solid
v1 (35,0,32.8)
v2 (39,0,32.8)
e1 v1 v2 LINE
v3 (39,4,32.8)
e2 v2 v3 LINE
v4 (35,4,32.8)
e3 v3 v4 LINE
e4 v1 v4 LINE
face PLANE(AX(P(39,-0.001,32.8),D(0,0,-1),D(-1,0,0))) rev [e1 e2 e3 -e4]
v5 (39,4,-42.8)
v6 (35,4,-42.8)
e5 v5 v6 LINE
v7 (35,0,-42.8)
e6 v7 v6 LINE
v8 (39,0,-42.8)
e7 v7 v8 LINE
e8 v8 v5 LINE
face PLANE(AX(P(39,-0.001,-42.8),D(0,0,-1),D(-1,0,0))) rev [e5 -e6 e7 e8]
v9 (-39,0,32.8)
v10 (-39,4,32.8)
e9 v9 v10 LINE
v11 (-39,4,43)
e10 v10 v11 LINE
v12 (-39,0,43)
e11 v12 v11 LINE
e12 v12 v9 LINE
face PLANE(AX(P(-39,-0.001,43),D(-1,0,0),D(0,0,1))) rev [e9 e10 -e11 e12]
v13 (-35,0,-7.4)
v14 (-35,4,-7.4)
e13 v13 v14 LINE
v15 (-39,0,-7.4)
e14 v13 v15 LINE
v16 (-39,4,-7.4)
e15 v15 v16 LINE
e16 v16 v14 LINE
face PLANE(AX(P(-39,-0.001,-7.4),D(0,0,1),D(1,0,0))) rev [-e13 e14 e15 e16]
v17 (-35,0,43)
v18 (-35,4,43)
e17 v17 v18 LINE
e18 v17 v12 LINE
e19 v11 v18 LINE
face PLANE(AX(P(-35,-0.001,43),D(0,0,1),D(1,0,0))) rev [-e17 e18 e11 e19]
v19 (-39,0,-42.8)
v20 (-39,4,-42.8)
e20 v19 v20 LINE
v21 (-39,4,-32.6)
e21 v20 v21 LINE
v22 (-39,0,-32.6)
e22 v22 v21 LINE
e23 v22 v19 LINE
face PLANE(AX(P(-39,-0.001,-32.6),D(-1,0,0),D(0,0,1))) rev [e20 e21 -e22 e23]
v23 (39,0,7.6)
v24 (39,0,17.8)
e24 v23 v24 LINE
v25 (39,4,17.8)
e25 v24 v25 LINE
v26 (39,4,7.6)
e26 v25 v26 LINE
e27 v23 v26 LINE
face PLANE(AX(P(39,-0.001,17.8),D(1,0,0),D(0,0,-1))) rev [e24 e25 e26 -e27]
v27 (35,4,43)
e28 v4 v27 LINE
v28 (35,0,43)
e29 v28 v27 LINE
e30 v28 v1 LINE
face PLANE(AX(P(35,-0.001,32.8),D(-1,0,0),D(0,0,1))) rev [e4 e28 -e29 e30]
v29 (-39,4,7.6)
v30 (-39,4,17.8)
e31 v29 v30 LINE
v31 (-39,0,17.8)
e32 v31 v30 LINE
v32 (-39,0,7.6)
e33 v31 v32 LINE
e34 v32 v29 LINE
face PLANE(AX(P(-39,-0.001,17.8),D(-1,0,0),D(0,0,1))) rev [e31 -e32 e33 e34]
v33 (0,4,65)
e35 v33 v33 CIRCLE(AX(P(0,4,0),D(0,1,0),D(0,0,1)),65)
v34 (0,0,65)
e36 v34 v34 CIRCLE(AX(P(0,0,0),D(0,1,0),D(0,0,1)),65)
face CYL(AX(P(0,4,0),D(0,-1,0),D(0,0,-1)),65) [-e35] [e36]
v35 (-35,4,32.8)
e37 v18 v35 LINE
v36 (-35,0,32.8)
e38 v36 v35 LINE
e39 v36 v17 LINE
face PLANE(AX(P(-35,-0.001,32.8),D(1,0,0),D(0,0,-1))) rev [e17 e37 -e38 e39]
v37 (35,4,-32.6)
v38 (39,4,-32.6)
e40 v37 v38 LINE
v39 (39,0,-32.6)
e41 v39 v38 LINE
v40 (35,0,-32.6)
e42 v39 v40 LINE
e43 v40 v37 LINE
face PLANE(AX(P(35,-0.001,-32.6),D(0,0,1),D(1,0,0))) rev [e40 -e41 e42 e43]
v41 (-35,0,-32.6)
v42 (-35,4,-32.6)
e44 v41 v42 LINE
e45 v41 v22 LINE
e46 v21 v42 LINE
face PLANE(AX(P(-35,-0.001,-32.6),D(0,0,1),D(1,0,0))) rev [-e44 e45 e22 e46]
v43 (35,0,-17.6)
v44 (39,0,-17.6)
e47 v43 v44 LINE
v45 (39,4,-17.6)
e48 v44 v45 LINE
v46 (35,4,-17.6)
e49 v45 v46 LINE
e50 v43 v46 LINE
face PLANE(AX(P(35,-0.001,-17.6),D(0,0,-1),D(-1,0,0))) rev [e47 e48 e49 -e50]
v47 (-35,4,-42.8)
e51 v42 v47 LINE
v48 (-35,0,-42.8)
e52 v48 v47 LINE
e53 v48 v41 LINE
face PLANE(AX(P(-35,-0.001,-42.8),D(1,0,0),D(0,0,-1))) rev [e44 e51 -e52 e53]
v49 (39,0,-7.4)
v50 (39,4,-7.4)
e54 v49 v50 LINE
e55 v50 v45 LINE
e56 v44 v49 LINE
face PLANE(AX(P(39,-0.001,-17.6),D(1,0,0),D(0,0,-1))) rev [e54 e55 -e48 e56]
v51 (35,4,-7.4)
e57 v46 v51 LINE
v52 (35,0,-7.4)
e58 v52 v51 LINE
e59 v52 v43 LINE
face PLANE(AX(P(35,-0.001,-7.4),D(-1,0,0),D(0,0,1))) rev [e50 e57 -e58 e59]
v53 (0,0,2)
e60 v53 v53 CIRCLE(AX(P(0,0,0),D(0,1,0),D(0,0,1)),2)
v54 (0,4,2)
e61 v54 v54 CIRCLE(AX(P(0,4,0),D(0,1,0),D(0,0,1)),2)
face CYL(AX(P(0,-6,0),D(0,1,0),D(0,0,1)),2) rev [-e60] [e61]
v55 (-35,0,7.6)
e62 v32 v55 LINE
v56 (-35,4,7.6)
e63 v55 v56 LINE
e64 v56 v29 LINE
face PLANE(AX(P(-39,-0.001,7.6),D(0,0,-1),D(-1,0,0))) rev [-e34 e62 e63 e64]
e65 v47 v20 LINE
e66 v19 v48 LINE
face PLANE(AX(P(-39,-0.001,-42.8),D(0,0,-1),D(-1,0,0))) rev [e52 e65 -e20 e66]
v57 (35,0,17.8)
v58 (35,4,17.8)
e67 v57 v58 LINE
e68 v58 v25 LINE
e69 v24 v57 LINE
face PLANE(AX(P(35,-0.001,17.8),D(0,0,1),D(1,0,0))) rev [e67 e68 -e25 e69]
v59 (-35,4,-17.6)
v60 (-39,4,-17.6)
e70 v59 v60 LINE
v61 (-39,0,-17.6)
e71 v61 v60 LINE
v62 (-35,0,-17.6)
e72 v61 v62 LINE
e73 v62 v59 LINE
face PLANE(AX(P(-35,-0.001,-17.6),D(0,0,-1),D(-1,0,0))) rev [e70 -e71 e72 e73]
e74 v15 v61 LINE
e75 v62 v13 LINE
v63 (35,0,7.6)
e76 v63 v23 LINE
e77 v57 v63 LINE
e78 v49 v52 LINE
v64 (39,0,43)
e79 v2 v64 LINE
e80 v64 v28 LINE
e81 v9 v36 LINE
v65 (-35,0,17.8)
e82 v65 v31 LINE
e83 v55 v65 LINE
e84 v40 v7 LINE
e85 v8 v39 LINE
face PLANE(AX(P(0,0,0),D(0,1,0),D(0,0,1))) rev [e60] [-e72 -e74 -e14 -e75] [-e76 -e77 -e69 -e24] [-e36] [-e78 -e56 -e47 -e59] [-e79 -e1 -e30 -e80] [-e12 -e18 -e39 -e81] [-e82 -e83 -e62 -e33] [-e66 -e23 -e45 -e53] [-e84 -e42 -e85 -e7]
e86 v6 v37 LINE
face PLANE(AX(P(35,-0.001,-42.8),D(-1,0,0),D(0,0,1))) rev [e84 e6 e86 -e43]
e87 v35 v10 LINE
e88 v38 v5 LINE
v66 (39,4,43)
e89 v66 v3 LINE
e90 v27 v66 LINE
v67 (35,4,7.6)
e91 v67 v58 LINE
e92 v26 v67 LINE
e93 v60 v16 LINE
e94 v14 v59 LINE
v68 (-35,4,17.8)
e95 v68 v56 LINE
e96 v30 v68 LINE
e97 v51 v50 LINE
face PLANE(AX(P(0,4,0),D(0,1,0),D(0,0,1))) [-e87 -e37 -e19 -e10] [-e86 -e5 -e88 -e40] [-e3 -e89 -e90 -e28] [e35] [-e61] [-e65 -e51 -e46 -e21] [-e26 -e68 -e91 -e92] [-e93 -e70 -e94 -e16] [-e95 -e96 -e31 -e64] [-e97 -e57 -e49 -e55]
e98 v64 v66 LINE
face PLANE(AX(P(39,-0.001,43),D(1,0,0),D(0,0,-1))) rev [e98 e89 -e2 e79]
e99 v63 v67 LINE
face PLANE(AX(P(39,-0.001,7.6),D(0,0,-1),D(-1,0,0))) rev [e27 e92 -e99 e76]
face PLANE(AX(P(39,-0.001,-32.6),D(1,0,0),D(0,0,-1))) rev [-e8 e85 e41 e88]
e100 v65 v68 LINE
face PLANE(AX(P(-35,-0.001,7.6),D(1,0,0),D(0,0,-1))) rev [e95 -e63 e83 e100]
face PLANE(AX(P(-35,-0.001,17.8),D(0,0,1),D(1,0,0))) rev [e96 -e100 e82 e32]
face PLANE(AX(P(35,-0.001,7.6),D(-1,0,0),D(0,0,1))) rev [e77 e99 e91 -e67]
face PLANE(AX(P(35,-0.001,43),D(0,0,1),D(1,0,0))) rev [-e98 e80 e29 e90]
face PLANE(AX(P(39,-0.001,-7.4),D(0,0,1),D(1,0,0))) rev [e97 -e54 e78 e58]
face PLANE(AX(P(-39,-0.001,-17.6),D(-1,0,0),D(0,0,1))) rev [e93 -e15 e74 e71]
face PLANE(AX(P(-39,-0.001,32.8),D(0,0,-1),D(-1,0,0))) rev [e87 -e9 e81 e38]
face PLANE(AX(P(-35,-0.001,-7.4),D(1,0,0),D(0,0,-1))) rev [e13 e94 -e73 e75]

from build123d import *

# Parameters (mm, degrees)
CROQUIS2_R              = 65
SALIENTE_EXTRUIR1_DEPTH = 4
CORTAR_EXTRUIR6_REACH   = 94.011
CROQUIS3_W              = 4
CROQUIS3_H              = 10.2
CROQUIS4_R              = 2
CORTAR_EXTRUIR7_DEPTH   = 10


with BuildPart() as part:
    # Croquis2 → Saliente-Extruir1 (new body)
    with BuildSketch(Plane(origin=(0, 0, 0), x_dir=(1, 0, 0), z_dir=(0, 1, 0))):
        with Locations(Location((0, 0, 0), (0, 0, 270))):
            Circle(CROQUIS2_R)
    extrude(amount=SALIENTE_EXTRUIR1_DEPTH)

    # Croquis3 → Cortar-Extruir6 (cut, up to next)
    with BuildSketch(Plane(origin=(0, 4, 0), x_dir=(1, 0, 0), z_dir=(0, 1, 0)), mode=Mode.PRIVATE) as cortar_extruir6_sk1:
        with Locations((-37, 12.5)):
            Rectangle(CROQUIS3_W, CROQUIS3_H)
    cortar_extruir6_tool1 = extrude(cortar_extruir6_sk1.sketch, amount=-CORTAR_EXTRUIR6_REACH, mode=Mode.PRIVATE) & part.part
    # Croquis3 → Cortar-Extruir6 (cut, up to next)
    with BuildSketch(Plane(origin=(0, 4, 0), x_dir=(1, 0, 0), z_dir=(0, 1, 0)), mode=Mode.PRIVATE) as cortar_extruir6_sk2:
        with Locations((-37, -12.7)):
            Rectangle(CROQUIS3_W, CROQUIS3_H)
    cortar_extruir6_tool2 = extrude(cortar_extruir6_sk2.sketch, amount=-CORTAR_EXTRUIR6_REACH, mode=Mode.PRIVATE) & part.part
    # Croquis3 → Cortar-Extruir6 (cut, up to next)
    with BuildSketch(Plane(origin=(0, 4, 0), x_dir=(1, 0, 0), z_dir=(0, 1, 0)), mode=Mode.PRIVATE) as cortar_extruir6_sk3:
        with Locations((-37, -37.9)):
            Rectangle(CROQUIS3_W, CROQUIS3_H)
    cortar_extruir6_tool3 = extrude(cortar_extruir6_sk3.sketch, amount=-CORTAR_EXTRUIR6_REACH, mode=Mode.PRIVATE) & part.part
    # Croquis3 → Cortar-Extruir6 (cut, up to next)
    with BuildSketch(Plane(origin=(0, 4, 0), x_dir=(1, 0, 0), z_dir=(0, 1, 0)), mode=Mode.PRIVATE) as cortar_extruir6_sk4:
        with Locations((-37, 37.7)):
            Rectangle(CROQUIS3_W, CROQUIS3_H)
    cortar_extruir6_tool4 = extrude(cortar_extruir6_sk4.sketch, amount=-CORTAR_EXTRUIR6_REACH, mode=Mode.PRIVATE) & part.part
    # Croquis3 → Cortar-Extruir6 (cut, up to next)
    with BuildSketch(Plane(origin=(0, 4, 0), x_dir=(1, 0, 0), z_dir=(0, 1, 0)), mode=Mode.PRIVATE) as cortar_extruir6_sk5:
        with Locations((37, 37.7)):
            Rectangle(CROQUIS3_W, CROQUIS3_H)
    cortar_extruir6_tool5 = extrude(cortar_extruir6_sk5.sketch, amount=-CORTAR_EXTRUIR6_REACH, mode=Mode.PRIVATE) & part.part
    # Croquis3 → Cortar-Extruir6 (cut, up to next)
    with BuildSketch(Plane(origin=(0, 4, 0), x_dir=(1, 0, 0), z_dir=(0, 1, 0)), mode=Mode.PRIVATE) as cortar_extruir6_sk6:
        with Locations((37, 12.5)):
            Rectangle(CROQUIS3_W, CROQUIS3_H)
    cortar_extruir6_tool6 = extrude(cortar_extruir6_sk6.sketch, amount=-CORTAR_EXTRUIR6_REACH, mode=Mode.PRIVATE) & part.part
    # Croquis3 → Cortar-Extruir6 (cut, up to next)
    with BuildSketch(Plane(origin=(0, 4, 0), x_dir=(1, 0, 0), z_dir=(0, 1, 0)), mode=Mode.PRIVATE) as cortar_extruir6_sk7:
        with Locations((37, -12.7)):
            Rectangle(CROQUIS3_W, CROQUIS3_H)
    cortar_extruir6_tool7 = extrude(cortar_extruir6_sk7.sketch, amount=-CORTAR_EXTRUIR6_REACH, mode=Mode.PRIVATE) & part.part
    # Croquis3 → Cortar-Extruir6 (cut, up to next)
    with BuildSketch(Plane(origin=(0, 4, 0), x_dir=(1, 0, 0), z_dir=(0, 1, 0)), mode=Mode.PRIVATE) as cortar_extruir6_sk8:
        with Locations((37, -37.9)):
            Rectangle(CROQUIS3_W, CROQUIS3_H)
    cortar_extruir6_tool8 = extrude(cortar_extruir6_sk8.sketch, amount=-CORTAR_EXTRUIR6_REACH, mode=Mode.PRIVATE) & part.part
    add(cortar_extruir6_tool1.solids().sort_by_distance((-37, 4, -12.5))[0], mode=Mode.SUBTRACT)
    add(cortar_extruir6_tool2.solids().sort_by_distance((-37, 4, 12.7))[0], mode=Mode.SUBTRACT)
    add(cortar_extruir6_tool3.solids().sort_by_distance((-37, 4, 37.9))[0], mode=Mode.SUBTRACT)
    add(cortar_extruir6_tool4.solids().sort_by_distance((-37, 4, -37.7))[0], mode=Mode.SUBTRACT)
    add(cortar_extruir6_tool5.solids().sort_by_distance((37, 4, -37.7))[0], mode=Mode.SUBTRACT)
    add(cortar_extruir6_tool6.solids().sort_by_distance((37, 4, -12.5))[0], mode=Mode.SUBTRACT)
    add(cortar_extruir6_tool7.solids().sort_by_distance((37, 4, 12.7))[0], mode=Mode.SUBTRACT)
    add(cortar_extruir6_tool8.solids().sort_by_distance((37, 4, 37.9))[0], mode=Mode.SUBTRACT)

    # Croquis4 → Cortar-Extruir7 (cut)
    with BuildSketch(Plane(origin=(0, 4, 0), x_dir=(1, 0, 0), z_dir=(0, 1, 0))):
        with Locations(Location((0, 0, 0), (0, 0, 270))):
            Circle(CROQUIS4_R)
    extrude(amount=-CORTAR_EXTRUIR7_DEPTH, mode=Mode.SUBTRACT)


solid = part.part
